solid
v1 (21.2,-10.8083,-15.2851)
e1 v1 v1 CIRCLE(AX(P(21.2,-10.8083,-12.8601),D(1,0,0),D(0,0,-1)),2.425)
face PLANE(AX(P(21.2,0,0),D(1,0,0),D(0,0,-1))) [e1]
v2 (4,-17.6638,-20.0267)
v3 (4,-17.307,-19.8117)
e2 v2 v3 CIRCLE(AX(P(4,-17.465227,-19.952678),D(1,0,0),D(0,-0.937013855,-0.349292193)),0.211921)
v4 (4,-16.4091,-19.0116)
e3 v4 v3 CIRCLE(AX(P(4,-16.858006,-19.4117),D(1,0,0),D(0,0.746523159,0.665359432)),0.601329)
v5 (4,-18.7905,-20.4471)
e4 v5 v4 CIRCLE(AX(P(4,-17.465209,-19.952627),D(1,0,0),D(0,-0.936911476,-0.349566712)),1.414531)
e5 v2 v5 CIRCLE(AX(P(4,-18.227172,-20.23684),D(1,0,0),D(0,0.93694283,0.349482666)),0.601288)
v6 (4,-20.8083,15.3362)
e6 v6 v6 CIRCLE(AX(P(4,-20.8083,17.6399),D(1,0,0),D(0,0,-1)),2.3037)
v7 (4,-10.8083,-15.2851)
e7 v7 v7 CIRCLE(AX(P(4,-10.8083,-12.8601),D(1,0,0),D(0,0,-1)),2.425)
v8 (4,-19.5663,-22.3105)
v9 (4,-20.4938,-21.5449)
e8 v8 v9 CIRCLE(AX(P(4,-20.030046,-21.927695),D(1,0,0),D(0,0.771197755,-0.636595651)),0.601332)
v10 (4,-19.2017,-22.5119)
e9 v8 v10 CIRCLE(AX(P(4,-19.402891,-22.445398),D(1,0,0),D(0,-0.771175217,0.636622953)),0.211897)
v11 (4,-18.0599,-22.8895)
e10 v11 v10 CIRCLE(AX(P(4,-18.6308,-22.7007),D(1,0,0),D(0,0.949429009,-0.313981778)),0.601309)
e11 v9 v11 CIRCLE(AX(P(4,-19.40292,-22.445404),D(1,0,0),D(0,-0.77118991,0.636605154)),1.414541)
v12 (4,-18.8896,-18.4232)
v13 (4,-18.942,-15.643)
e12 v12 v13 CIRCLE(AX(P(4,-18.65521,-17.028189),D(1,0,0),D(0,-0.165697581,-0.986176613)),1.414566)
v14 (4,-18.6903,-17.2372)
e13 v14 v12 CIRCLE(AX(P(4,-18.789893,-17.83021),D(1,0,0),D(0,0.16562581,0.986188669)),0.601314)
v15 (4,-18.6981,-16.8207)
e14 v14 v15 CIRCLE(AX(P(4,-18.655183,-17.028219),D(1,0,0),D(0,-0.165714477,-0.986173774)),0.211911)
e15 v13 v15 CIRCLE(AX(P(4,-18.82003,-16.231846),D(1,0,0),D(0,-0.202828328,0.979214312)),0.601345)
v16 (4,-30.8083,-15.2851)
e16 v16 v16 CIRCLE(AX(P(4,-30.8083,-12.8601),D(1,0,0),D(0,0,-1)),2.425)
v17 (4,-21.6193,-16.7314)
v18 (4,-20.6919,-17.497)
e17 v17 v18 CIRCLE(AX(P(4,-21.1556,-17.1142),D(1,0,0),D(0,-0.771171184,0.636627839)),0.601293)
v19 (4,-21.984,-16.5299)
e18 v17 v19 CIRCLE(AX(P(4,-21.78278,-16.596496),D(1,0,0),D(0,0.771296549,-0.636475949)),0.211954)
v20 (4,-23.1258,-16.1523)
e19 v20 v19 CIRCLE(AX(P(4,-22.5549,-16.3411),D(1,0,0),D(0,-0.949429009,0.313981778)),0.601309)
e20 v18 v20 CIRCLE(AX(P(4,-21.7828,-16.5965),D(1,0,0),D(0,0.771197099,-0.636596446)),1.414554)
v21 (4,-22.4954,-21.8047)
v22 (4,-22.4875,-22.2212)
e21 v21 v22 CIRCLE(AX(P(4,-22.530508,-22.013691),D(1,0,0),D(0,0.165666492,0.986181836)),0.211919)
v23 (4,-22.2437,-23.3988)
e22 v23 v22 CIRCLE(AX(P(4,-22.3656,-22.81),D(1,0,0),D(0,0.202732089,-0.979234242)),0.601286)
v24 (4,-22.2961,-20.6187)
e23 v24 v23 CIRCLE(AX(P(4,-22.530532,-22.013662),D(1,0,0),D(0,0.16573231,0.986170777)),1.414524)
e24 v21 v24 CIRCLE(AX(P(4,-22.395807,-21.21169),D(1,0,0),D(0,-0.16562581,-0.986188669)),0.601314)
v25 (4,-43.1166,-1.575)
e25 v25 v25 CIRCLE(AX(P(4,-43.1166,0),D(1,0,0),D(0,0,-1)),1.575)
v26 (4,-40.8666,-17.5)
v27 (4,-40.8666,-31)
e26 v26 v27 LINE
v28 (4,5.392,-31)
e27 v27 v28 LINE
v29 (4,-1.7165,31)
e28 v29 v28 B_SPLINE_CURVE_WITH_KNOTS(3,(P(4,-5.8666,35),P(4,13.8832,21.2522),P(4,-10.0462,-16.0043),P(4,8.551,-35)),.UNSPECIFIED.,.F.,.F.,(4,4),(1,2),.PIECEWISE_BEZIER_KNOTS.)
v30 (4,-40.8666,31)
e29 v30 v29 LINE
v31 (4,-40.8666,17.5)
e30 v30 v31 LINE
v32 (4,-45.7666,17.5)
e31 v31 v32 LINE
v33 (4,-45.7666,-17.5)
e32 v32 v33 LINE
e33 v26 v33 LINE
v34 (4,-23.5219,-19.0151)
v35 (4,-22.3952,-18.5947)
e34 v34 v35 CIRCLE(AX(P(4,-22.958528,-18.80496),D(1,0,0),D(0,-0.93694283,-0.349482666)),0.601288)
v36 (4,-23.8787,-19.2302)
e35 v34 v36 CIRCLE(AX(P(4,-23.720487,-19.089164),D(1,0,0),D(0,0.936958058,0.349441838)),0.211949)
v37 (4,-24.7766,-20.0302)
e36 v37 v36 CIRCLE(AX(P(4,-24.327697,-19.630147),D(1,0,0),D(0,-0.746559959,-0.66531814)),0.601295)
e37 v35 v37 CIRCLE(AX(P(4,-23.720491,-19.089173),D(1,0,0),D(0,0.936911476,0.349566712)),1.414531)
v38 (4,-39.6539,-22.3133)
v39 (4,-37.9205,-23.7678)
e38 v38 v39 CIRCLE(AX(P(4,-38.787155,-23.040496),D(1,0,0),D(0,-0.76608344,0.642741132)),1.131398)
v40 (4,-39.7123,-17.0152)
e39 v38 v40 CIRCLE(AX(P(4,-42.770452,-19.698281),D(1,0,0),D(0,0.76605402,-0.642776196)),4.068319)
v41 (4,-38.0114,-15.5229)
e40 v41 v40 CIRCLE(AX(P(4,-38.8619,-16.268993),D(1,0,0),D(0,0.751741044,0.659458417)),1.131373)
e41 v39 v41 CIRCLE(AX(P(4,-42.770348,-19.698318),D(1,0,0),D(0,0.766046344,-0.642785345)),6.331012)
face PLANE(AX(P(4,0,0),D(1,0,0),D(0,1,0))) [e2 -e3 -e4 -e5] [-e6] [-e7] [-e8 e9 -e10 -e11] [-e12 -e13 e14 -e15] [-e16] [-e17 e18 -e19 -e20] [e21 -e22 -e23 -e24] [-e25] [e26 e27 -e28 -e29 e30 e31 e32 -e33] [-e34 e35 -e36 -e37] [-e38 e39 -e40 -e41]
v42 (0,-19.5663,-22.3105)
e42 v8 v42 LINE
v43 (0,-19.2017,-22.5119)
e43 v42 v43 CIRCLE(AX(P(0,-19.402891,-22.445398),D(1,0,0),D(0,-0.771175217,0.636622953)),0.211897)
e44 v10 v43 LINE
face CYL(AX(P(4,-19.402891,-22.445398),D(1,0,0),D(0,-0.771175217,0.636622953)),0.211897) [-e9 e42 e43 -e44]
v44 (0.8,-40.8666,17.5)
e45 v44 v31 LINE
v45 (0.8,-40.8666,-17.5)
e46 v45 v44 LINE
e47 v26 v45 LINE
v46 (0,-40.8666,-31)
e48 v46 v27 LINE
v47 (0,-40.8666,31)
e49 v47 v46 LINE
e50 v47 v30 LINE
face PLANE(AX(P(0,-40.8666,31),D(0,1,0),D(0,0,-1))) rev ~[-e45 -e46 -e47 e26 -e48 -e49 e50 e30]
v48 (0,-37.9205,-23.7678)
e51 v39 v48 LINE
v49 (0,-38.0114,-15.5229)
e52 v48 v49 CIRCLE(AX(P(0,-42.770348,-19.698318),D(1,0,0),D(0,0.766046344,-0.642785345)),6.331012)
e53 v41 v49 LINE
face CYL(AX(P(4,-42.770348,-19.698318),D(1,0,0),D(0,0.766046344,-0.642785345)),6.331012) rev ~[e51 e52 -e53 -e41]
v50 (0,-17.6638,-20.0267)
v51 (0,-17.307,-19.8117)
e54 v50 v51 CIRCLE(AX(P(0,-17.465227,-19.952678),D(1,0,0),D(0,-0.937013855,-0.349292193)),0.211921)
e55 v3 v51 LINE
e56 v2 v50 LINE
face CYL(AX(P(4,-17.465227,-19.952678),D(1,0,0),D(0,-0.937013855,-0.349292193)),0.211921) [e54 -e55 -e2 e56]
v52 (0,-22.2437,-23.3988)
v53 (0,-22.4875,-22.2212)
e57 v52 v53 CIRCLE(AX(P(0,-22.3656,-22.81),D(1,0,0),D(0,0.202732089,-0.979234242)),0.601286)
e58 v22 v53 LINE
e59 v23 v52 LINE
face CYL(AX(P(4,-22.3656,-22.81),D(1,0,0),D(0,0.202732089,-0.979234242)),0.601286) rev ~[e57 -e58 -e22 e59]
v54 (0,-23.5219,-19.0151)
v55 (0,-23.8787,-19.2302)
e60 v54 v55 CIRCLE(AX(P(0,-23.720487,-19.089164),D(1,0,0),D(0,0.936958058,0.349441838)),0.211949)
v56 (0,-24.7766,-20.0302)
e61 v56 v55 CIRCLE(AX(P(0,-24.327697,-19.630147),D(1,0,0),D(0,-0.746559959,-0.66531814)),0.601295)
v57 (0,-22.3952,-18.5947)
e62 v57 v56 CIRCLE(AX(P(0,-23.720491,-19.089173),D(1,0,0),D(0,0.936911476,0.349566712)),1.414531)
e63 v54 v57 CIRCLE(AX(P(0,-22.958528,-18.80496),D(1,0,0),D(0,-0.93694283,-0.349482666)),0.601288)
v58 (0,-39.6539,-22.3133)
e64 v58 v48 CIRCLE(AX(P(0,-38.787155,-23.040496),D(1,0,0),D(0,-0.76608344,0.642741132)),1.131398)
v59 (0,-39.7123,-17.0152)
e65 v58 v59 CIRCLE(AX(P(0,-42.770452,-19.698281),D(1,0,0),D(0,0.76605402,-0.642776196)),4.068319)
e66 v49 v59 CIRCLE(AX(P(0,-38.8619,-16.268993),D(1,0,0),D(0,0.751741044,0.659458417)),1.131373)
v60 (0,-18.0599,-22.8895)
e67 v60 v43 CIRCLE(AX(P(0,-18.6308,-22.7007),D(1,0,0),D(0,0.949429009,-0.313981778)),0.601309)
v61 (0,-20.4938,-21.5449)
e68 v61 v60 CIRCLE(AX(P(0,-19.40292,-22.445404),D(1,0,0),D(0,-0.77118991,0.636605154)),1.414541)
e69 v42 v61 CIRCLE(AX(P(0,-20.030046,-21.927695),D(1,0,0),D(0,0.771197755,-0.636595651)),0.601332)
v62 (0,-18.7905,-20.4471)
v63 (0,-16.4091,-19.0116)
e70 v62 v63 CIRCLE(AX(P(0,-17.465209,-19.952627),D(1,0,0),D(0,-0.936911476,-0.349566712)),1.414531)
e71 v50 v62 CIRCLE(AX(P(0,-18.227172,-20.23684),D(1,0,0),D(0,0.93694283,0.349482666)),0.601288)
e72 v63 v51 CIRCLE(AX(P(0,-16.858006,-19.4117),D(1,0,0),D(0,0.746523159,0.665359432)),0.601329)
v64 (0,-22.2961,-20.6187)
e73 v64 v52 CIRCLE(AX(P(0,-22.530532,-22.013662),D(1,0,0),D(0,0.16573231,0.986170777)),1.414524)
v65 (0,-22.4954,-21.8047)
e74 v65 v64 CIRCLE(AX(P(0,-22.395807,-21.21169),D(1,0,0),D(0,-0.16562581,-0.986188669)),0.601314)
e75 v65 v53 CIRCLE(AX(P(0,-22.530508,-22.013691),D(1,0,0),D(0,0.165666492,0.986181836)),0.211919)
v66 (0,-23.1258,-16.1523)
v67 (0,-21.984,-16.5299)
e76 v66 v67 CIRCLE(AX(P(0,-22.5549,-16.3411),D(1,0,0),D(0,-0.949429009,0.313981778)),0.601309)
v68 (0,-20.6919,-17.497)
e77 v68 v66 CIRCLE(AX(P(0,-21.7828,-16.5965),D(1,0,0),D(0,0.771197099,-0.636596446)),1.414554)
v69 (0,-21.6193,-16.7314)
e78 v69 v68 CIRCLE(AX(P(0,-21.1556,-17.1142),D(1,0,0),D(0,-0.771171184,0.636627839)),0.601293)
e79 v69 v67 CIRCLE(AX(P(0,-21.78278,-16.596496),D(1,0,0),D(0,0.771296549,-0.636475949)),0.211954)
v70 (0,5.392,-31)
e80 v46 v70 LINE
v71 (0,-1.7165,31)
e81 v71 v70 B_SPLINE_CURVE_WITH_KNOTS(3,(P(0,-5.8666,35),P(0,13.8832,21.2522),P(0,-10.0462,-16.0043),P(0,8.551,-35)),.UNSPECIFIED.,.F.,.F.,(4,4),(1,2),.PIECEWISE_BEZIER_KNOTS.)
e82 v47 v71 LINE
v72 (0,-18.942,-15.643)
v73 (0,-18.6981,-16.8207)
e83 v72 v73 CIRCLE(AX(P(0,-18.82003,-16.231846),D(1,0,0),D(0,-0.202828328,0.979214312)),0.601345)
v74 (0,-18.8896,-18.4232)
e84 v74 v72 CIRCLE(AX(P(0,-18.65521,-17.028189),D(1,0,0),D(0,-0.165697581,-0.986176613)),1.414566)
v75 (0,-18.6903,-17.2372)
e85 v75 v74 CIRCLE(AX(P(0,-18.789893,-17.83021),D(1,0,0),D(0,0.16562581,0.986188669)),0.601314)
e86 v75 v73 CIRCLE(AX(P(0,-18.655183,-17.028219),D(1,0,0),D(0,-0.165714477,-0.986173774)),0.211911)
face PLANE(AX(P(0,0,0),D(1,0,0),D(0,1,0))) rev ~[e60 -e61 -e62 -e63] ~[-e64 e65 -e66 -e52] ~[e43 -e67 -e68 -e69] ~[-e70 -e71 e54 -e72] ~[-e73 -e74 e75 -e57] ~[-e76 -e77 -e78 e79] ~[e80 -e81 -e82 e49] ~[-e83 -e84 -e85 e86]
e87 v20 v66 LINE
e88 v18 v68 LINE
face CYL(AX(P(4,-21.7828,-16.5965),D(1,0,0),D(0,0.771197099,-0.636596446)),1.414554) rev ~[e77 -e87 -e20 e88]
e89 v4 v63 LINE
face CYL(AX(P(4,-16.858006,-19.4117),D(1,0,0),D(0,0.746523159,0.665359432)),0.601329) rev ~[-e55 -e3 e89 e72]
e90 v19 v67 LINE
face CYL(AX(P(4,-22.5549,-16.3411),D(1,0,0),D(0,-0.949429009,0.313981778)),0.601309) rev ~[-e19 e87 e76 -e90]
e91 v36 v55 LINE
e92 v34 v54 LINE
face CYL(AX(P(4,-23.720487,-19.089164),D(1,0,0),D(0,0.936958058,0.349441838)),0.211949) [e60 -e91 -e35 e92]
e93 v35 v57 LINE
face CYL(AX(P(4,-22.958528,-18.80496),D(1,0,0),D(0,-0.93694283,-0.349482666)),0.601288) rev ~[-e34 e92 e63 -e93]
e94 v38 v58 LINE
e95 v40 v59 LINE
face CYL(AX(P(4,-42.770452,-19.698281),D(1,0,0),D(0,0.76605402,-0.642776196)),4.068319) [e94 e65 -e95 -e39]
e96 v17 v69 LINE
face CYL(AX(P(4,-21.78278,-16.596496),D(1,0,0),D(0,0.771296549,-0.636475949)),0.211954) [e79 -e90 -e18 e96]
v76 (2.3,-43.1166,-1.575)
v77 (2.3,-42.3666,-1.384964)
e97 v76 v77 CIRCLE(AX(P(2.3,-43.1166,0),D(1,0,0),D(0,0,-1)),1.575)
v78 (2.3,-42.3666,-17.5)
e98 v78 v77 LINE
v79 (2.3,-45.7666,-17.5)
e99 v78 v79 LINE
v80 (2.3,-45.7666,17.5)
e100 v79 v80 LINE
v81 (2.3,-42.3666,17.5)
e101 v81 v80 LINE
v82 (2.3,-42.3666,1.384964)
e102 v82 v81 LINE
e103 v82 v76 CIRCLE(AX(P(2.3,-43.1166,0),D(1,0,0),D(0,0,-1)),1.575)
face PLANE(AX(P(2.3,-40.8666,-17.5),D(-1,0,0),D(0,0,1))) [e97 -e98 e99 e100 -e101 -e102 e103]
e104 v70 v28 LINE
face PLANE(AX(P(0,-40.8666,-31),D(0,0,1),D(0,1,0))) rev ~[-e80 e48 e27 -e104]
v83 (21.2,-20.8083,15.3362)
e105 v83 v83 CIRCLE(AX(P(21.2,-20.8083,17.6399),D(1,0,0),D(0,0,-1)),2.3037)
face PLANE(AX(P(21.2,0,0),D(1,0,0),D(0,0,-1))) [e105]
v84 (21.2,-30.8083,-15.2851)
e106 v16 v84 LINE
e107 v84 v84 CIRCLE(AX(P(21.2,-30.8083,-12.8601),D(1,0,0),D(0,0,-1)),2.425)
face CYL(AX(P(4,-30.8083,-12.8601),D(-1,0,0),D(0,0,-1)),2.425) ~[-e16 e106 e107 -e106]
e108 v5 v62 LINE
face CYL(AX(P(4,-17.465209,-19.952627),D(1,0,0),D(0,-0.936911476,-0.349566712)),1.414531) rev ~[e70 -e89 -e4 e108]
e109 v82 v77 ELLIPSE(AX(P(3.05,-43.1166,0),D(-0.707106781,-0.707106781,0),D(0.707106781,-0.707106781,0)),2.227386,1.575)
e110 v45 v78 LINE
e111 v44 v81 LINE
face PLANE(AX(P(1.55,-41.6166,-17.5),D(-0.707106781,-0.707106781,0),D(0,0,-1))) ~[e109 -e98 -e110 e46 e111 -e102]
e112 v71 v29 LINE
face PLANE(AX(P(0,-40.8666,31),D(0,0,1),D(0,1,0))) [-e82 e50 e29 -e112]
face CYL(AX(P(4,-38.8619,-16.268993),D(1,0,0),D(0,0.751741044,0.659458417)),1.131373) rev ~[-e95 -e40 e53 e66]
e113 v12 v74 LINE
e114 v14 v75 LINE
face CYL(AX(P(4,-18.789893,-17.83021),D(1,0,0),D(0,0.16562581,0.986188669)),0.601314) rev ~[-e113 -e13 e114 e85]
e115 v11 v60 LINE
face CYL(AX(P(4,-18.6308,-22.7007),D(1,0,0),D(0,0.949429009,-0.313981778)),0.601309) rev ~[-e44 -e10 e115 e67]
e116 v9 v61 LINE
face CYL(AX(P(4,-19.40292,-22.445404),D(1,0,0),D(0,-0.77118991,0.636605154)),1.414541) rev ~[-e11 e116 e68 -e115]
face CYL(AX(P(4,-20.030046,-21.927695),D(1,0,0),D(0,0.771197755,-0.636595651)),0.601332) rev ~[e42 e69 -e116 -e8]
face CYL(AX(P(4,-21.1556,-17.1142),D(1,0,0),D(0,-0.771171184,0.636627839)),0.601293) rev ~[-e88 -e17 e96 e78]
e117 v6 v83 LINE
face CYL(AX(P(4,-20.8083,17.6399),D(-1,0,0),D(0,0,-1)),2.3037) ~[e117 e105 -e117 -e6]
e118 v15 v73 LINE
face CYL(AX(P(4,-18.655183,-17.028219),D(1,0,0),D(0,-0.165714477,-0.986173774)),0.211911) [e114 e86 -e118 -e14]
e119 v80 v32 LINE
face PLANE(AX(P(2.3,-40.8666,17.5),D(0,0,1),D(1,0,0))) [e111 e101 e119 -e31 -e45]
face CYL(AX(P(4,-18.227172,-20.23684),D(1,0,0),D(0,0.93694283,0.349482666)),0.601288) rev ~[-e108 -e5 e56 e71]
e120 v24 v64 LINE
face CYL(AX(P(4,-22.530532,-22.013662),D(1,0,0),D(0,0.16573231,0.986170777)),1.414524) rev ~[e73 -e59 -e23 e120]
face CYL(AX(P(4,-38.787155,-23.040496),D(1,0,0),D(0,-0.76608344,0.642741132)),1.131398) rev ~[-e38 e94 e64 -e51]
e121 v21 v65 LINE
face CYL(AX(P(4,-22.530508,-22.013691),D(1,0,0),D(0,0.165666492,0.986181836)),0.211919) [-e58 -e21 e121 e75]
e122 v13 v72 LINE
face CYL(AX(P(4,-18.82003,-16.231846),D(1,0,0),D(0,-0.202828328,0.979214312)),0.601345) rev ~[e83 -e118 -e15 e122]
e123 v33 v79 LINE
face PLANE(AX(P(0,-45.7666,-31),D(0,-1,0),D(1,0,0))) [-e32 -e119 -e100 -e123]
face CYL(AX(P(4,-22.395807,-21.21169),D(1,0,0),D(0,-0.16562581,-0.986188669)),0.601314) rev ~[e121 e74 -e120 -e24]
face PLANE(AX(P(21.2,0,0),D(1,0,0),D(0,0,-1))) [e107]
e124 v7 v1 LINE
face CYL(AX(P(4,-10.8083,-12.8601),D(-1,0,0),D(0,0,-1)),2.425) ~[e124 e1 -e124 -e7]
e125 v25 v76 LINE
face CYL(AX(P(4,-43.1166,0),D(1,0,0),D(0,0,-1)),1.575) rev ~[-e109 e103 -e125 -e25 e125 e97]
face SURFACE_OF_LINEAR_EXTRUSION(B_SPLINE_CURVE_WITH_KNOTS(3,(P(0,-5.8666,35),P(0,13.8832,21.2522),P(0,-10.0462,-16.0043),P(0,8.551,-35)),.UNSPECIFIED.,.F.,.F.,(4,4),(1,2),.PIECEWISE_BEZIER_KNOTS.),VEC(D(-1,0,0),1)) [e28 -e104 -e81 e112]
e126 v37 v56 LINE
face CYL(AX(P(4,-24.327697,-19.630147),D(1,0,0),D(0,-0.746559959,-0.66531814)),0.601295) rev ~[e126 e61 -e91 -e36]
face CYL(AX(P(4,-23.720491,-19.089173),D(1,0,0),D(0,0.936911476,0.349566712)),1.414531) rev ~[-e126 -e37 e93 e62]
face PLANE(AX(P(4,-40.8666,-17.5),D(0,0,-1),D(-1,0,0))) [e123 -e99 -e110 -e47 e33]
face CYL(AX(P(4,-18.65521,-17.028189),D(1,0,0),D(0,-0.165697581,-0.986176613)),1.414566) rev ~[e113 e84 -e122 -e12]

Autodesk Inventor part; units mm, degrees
ref_plane "YZ Plane" through (0, 0, 0) normal (1, 0, 0) x (0, 1, 0)
ref_plane "XZ Plane" through (0, 0, 0) normal (0, 1, 0) x (-1, 0, 0)
ref_plane "XY Plane" through (0, 0, 0) normal (0, 0, 1) x (1, 0, 0)
sketch "Sketch1" plane through (0, 0, 0) normal (1, 0, 0) x (0, 1, 0)
  spline S0 degree 3 poles (-5.8666, 35) (13.8832, 21.2522) (-10.0462, -16.0043) (8.551, -35) knots 1 1 1 1 2 2 2 2
  line L0 (-5.8666, 35) -> (13.8832, 21.2522) construction
  line L1 (13.8832, 21.2522) -> (-10.0462, -16.0043) construction
  line L2 (-10.0462, -16.0043) -> (8.551, -35) construction
  line L3 (0, 65.172) -> (0, -65.172) construction
  line L4 (43.74, 0) -> (-43.74, 0) construction
  line L5 (-5.8666, 35) -> (-40.8666, 35)
  line L6 (-40.8666, 35) -> (-40.8666, 31)
  line L7 (-40.8666, 31) -> (-1.7165, 31)
  line L8 (-40.8666, 31) -> (-40.8666, -35)
  line L9 (-40.8666, -35) -> (8.551, -35)
  line L10 (-40.8666, -31) -> (5.392, -31)
  point P0 (0, 0)
  point P1 (0, 0)
  point P2 (-1.7165, 31)
  point P3 (0, 0)
  point P4 (0, 0)
  point P5 (0, 0)
  dimension "d0" = 35
  dimension "d1" = 4
  dimension "d2" = 4
extrude "Extrusion1" add sketch "Sketch1" along normal blind 4 contours S0 L10 L8 L7
sketch "Sketch3" plane through (0, -40.8666, -31) normal (0, -1, 0) x (1, 0, 0)
  line L0 (2.3, 48.5) -> (4, 48.5)
  line L1 (4, 48.5) -> (4, 13.5)
  line L2 (4, 13.5) -> (2.3, 13.5)
  line L3 (2.3, 13.5) -> (2.3, 48.5)
  line L4 (0, 62) -> (0, 0) projected
  line L5 (0, 0) -> (4, 0) projected
  line L6 (4, 62) -> (4, 0) projected
  line L7 (0, 62) -> (4, 62) projected
  point P0 (0, 31)
  point P1 (4, 31)
  dimension "d5" = 1.7
  dimension "d6" = 35
extrude "Extrusion2" add sketch "Sketch3" along normal blind 4.9 contours L0 L1 L2 L3
sketch "Sketch4" plane through (4, 0, 0) normal (1, 0, 0) x (0, 0, -1)
  circle A0 centre (12.8601, -10.8083) radius 2.425
  circle A1 centre (12.8601, -30.8083) radius 2.425
  line L0 (12.8601, -10.8083) -> (12.8601, -30.8083) construction
  circle A2 centre (-17.6399, -20.8083) radius 2.3037
  point P0 (0, 0)
  dimension "d11" = 4.85
  dimension "d12" = 4.85
  dimension "d13" = 20
  dimension "d14" = 4.6075
  dimension "d15" = 30.5
extrude "Extrusion3" add sketch "Sketch4" along normal blind 17.2
chamfer "Chamfer1" distance 1.5 angle 45 1 edges at (2.3, -40.8666, 0)
sketch "Sketch5" plane through (4, 0, 0) normal (1, 0, 0) x (0, 0, -1)
  arc A0 (17.8302, -18.7899) -> (16.2318, -18.8201) centre (17.0282, -18.6552) ccw construction
  arc A1 (18.4232, -18.8896) -> (15.643, -18.942) centre (17.0282, -18.6552) ccw
  arc A2 (17.2372, -18.6903) -> (16.8207, -18.6981) centre (17.0282, -18.6552) ccw
  arc A3 (17.2372, -18.6903) -> (18.4232, -18.8896) centre (17.8302, -18.7899) ccw
  arc A4 (15.643, -18.942) -> (16.8207, -18.6981) centre (16.2318, -18.8201) ccw
  arc A5 (17.1142, -21.1556) -> (16.3411, -22.5549) centre (16.5965, -21.7828) ccw construction
  arc A6 (17.497, -20.6919) -> (16.1523, -23.1258) centre (16.5965, -21.7828) ccw
  arc A7 (16.7314, -21.6193) -> (16.5299, -21.984) centre (16.5965, -21.7828) ccw
  arc A8 (16.7314, -21.6193) -> (17.497, -20.6919) centre (17.1142, -21.1556) ccw
  arc A9 (16.1523, -23.1258) -> (16.5299, -21.984) centre (16.3411, -22.5549) ccw
  arc A10 (18.8049, -22.9585) -> (19.6302, -24.3277) centre (19.0892, -23.7205) ccw construction
  arc A11 (18.5947, -22.3952) -> (20.0302, -24.7766) centre (19.0892, -23.7205) ccw
  arc A12 (19.0151, -23.5219) -> (19.2302, -23.8787) centre (19.0892, -23.7205) ccw
  arc A13 (19.0151, -23.5219) -> (18.5947, -22.3952) centre (18.8049, -22.9585) ccw
  arc A14 (20.0302, -24.7766) -> (19.2302, -23.8787) centre (19.6302, -24.3277) ccw
  arc A15 (21.2117, -22.3958) -> (22.81, -22.3656) centre (22.0137, -22.5305) ccw construction
  arc A16 (20.6187, -22.2961) -> (23.3988, -22.2437) centre (22.0137, -22.5305) ccw
  arc A17 (21.8047, -22.4954) -> (22.2212, -22.4875) centre (22.0137, -22.5305) ccw
  arc A18 (21.8047, -22.4954) -> (20.6187, -22.2961) centre (21.2117, -22.3958) ccw
  arc A19 (23.3988, -22.2437) -> (22.2212, -22.4875) centre (22.81, -22.3656) ccw
  arc A20 (21.9277, -20.0301) -> (22.7007, -18.6308) centre (22.4454, -19.4029) ccw construction
  arc A21 (21.5449, -20.4938) -> (22.8895, -18.0599) centre (22.4454, -19.4029) ccw
  arc A22 (22.3105, -19.5663) -> (22.5119, -19.2017) centre (22.4454, -19.4029) ccw
  arc A23 (22.3105, -19.5663) -> (21.5449, -20.4938) centre (21.9277, -20.0301) ccw
  arc A24 (22.8895, -18.0599) -> (22.5119, -19.2017) centre (22.7007, -18.6308) ccw
  arc A25 (20.2369, -18.2272) -> (19.4116, -16.858) centre (19.9526, -17.4652) ccw construction
  arc A26 (20.4471, -18.7905) -> (19.0116, -16.4091) centre (19.9526, -17.4652) ccw
  arc A27 (20.0267, -17.6638) -> (19.8117, -17.307) centre (19.9526, -17.4652) ccw
  arc A28 (20.0267, -17.6638) -> (20.4471, -18.7905) centre (20.2369, -18.2272) ccw
  arc A29 (19.0116, -16.4091) -> (19.8117, -17.307) centre (19.4116, -16.858) ccw
  arc A30 (23.0405, -38.7872) -> (16.269, -38.8619) centre (19.6983, -42.7704) ccw construction
  arc A31 (23.7678, -37.9205) -> (15.5229, -38.0114) centre (19.6983, -42.7704) ccw
  arc A32 (22.3133, -39.6539) -> (17.0152, -39.7123) centre (19.6983, -42.7704) ccw
  arc A33 (22.3133, -39.6539) -> (23.7678, -37.9205) centre (23.0405, -38.7872) ccw
  arc A34 (15.5229, -38.0114) -> (17.0152, -39.7123) centre (16.269, -38.8619) ccw
  point P0 (0, 0)
  point P1 (19.5209, -20.5928)
  dimension "d30" = 360
extrude "Extrusion4" cut sketch "Sketch5" against normal blind 4
sketch "Sketch6" plane through (4, 0, 0) normal (1, 0, 0) x (0, 0, -1)
  line L0 (-17.5, -40.8666) -> (17.5, -40.8666) projected
  circle A0 centre (0, -43.1166) radius 1.575
  line L1 (17.5, -40.8666) -> (17.5, -45.7666) projected
  point P0 (0, 0)
  dimension "d32" = 3.15
  dimension "d33" = 2.25
  dimension "d36" = 17.5
extrude "Extrusion5" cut sketch "Sketch6" against normal blind 4
equation "\"d11\" = d12"
equation "\"d14\" = 0.95 * d12"
properties part number "Case Right"
